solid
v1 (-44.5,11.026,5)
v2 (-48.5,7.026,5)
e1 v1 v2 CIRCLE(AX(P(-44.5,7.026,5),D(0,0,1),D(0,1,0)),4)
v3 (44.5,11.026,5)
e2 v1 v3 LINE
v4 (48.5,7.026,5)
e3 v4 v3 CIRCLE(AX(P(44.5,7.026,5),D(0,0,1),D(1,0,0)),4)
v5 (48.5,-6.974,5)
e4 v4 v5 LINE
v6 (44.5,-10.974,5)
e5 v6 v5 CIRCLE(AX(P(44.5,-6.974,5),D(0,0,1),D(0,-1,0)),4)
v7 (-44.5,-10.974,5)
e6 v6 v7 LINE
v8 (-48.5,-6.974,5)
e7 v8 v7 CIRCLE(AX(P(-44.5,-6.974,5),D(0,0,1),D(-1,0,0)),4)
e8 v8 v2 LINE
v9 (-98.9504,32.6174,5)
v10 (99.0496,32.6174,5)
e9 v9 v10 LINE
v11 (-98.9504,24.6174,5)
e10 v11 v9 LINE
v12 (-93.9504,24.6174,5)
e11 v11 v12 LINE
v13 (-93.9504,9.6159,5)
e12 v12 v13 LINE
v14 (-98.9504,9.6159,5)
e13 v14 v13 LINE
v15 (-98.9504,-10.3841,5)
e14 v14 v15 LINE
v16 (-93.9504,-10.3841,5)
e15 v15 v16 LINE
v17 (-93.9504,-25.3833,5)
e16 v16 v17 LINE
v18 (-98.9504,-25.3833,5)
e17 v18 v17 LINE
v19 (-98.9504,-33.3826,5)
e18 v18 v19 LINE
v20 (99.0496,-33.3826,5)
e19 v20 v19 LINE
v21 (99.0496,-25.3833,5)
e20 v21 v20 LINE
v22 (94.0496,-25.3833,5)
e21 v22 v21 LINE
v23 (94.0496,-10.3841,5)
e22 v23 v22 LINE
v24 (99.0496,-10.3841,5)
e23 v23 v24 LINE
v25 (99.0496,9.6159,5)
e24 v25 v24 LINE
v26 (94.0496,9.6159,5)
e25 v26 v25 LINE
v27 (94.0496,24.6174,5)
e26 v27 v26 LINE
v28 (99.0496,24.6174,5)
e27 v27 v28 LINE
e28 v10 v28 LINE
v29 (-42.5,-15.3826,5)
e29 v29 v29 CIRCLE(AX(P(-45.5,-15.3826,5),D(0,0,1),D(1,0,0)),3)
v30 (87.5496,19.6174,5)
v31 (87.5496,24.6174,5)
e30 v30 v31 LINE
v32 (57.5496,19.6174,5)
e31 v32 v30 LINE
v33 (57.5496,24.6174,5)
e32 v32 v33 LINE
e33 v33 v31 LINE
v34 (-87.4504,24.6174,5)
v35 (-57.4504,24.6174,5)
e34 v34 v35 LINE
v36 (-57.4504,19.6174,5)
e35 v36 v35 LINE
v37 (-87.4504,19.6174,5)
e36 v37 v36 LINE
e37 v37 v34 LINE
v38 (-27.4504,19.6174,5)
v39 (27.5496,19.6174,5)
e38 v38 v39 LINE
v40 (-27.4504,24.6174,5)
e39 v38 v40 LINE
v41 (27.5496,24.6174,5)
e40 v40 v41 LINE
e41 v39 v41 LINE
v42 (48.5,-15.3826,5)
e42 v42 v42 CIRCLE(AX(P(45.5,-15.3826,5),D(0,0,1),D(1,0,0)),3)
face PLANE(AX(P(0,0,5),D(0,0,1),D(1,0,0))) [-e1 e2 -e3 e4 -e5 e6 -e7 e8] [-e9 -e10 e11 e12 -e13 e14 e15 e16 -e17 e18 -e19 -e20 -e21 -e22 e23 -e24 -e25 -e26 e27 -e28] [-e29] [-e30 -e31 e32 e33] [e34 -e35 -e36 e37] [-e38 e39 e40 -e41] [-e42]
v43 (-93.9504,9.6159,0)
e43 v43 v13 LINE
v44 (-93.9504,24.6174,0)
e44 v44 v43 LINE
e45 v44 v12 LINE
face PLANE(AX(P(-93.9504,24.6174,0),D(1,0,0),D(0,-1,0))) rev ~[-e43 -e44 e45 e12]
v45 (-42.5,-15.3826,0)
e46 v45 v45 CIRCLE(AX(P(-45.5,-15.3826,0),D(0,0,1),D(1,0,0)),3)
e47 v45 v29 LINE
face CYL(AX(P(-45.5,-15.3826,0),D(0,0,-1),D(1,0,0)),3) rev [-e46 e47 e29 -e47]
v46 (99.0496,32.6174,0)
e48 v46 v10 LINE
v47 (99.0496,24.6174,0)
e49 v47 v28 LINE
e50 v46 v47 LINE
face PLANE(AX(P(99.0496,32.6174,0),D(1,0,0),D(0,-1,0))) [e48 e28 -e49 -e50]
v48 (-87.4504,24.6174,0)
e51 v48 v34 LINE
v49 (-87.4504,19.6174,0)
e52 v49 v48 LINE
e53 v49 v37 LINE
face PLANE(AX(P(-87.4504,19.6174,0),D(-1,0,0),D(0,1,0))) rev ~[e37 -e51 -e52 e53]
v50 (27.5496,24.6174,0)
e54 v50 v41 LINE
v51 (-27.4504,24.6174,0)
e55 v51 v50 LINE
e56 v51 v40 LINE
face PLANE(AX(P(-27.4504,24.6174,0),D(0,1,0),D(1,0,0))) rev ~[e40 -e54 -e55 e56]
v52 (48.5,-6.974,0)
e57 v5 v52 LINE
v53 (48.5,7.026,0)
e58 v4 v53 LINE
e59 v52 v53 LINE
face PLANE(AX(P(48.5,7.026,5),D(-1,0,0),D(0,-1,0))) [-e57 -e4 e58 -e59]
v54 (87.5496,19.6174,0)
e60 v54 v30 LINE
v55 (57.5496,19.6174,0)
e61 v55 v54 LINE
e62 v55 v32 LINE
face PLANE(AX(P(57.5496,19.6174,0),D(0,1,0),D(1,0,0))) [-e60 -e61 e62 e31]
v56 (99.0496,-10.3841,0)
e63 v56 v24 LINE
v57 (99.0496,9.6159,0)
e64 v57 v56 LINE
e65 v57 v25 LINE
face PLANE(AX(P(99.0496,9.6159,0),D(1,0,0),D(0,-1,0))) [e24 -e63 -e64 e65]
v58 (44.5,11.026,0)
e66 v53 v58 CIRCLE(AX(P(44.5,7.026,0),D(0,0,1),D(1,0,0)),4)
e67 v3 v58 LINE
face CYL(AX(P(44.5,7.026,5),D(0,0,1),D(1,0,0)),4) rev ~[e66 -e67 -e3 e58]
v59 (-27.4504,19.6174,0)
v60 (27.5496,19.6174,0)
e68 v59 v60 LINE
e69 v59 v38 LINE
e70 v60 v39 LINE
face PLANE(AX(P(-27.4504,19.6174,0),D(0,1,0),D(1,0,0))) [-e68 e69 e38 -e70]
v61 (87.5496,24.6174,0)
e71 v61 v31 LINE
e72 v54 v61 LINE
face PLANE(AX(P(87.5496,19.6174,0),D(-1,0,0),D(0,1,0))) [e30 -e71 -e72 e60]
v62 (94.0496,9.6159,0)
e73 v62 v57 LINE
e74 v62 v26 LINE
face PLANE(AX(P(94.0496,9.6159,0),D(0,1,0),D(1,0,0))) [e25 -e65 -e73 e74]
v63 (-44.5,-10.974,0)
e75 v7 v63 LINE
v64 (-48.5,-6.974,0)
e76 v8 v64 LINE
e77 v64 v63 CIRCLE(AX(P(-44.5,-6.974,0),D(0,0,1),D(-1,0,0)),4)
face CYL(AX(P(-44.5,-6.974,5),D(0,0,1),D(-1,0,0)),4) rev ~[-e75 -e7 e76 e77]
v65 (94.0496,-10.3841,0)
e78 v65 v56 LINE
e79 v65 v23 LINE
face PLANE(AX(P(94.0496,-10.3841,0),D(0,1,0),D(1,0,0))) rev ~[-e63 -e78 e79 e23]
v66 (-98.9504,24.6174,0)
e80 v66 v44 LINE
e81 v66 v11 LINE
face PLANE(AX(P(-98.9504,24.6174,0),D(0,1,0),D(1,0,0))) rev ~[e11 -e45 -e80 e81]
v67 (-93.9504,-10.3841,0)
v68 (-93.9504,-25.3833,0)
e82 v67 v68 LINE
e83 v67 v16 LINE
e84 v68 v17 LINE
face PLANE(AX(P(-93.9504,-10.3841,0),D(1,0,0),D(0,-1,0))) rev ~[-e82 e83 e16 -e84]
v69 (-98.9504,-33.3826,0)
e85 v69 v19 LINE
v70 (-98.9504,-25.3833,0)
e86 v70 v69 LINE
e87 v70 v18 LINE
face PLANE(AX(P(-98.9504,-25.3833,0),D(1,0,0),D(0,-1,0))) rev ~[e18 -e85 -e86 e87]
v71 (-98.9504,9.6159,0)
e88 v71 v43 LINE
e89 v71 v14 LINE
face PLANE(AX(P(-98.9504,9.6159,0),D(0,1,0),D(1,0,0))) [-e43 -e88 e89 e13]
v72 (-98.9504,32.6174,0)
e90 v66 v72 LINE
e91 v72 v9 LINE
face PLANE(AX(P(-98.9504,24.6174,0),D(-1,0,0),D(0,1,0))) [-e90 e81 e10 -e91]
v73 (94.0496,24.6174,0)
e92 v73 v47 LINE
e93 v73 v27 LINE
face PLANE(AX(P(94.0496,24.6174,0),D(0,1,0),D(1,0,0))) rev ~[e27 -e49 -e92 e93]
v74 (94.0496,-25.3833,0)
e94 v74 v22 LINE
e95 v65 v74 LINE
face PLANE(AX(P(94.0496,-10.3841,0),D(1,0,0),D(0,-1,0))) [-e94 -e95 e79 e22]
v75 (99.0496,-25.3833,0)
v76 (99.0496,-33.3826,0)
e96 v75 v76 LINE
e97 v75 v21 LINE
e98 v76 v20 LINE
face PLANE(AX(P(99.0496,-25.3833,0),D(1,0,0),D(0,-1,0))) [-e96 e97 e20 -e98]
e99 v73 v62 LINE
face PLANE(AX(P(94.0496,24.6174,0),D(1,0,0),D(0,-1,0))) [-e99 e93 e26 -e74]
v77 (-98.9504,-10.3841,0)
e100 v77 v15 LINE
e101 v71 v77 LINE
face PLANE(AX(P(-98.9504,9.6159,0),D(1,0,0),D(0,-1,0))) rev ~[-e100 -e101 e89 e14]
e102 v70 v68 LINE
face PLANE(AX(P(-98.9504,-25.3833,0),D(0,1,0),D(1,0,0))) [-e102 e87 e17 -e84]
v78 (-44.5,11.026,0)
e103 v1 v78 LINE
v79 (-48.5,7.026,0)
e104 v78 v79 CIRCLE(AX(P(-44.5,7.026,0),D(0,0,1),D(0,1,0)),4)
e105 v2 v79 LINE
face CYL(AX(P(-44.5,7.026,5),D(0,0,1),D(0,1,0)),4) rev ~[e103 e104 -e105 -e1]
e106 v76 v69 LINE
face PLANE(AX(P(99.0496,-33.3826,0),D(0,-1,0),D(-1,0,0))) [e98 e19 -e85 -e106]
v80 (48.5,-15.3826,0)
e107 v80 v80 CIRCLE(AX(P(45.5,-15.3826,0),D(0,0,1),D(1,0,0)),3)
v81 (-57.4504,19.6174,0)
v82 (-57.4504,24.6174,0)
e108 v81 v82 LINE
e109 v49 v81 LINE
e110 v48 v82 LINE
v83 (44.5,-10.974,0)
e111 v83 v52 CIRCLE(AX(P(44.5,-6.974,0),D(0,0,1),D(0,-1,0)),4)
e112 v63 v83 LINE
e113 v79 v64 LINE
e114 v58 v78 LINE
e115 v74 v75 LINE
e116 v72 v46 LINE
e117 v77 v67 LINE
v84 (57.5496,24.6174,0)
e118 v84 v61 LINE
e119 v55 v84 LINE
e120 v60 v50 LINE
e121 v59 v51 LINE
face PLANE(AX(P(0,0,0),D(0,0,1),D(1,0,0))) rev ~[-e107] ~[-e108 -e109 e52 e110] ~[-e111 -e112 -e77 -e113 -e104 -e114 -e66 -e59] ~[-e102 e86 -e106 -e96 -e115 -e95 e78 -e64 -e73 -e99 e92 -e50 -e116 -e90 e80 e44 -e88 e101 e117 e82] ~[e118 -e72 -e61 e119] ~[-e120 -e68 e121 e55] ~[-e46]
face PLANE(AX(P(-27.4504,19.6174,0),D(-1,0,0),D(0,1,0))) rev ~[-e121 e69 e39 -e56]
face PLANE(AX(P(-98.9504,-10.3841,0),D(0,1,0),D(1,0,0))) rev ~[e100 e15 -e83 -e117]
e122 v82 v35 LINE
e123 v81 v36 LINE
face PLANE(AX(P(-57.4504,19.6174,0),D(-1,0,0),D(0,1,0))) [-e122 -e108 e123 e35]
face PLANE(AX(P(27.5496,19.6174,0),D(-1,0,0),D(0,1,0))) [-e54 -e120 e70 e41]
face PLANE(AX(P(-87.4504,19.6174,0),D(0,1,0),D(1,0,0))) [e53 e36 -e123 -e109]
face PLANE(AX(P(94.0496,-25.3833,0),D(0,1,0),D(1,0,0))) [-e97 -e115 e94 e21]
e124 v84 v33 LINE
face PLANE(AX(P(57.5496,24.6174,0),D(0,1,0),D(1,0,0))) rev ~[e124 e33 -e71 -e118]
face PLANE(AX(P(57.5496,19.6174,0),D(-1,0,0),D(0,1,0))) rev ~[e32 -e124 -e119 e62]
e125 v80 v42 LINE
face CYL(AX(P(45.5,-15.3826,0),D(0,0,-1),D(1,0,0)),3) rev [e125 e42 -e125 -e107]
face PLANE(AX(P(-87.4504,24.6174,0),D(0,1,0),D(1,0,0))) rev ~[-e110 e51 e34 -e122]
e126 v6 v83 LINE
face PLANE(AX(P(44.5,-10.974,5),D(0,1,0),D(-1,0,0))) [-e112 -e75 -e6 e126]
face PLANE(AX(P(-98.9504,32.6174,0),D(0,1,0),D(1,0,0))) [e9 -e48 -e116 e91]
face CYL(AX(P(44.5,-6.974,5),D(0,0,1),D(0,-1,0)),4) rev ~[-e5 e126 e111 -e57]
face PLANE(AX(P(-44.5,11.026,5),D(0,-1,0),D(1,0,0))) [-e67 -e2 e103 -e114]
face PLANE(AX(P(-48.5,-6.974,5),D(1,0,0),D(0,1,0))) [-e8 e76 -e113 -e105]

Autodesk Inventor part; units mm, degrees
ref_plane "YZ Plane" through (0, 0, 0) normal (1, 0, 0) x (0, 1, 0)
ref_plane "XZ Plane" through (0, 0, 0) normal (0, 1, 0) x (-1, 0, 0)
ref_plane "XY Plane" through (0, 0, 0) normal (0, 0, 1) x (1, 0, 0)
sketch "Sketch1" plane through (0, 0, 0) normal (0, 0, 1) x (1, 0, 0)
  circle A0 centre (45.5, -15.3826) radius 3
  circle A1 centre (-45.5, -15.3826) radius 3
  line L0 (44.6636, 0.7689) -> (35.6636, 0.7689)
  line L1 (33.6636, 2.7689) -> (33.6636, 5.2689)
  line L2 (46.6636, 5.2689) -> (46.6636, 2.7689)
  line L3 (29.9455, -2.1666) -> (-2.0545, -2.1666)
  line L4 (-4.0545, -0.1666) -> (-4.0545, 2.8334)
  line L5 (31.9455, 2.8334) -> (31.9455, -0.1666)
  circle A2 centre (89.024, -15.4039) radius 1.5
  circle A3 centre (65.024, -15.4039) radius 1.5
  circle A4 centre (89.024, 8.5961) radius 1.5
  circle A5 centre (65.024, 8.5961) radius 1.5
  arc A6 (67.8322, 7.6809) -> (67.8322, -14.4886) centre (77.024, -3.4039) ccw
  line L6 (69.3366, 7.4111) -> (71.8641, 3.0334)
  arc A7 (71.8641, 3.0334) -> (71.8641, -9.8411) centre (77.024, -3.4039) ccw
  line L7 (71.8641, -9.8411) -> (69.3366, -14.2188)
  arc A8 (67.8322, -14.4886) -> (69.3366, -14.2188) centre (68.4705, -13.7188) ccw
  arc A9 (69.3366, 7.4111) -> (67.8322, 7.6809) centre (68.4705, 6.9111) ccw
  arc A10 (91.2195, -0.986) -> (72.0202, 10.0988) centre (77.024, -3.4039) ccw
  arc A11 (72.0202, 10.0988) -> (71.5016, 8.6611) centre (72.3677, 9.1611) ccw
  line L8 (74.0291, 4.2834) -> (71.5016, 8.6611)
  arc A12 (85.1787, -2.1539) -> (74.0291, 4.2834) centre (77.024, -3.4039) ccw
  line L9 (90.2337, -2.1539) -> (85.1787, -2.1539)
  arc A13 (90.2337, -2.1539) -> (91.2195, -0.986) centre (90.2337, -1.1539) ccw
  line L10 (85.1787, -4.6539) -> (90.2337, -4.6539)
  arc A14 (91.2195, -5.8218) -> (90.2337, -4.6539) centre (90.2337, -5.6539) ccw
  arc A15 (72.0202, -16.9065) -> (91.2195, -5.8218) centre (77.024, -3.4039) ccw
  arc A16 (71.5016, -15.4688) -> (72.0202, -16.9065) centre (72.3677, -15.9688) ccw
  line L11 (71.5016, -15.4688) -> (74.0291, -11.0911)
  arc A17 (74.0291, -11.0911) -> (85.1787, -4.6539) centre (77.024, -3.4039) ccw
  circle A18 centre (-64.8953, -15.374) radius 1.5
  circle A19 centre (-88.8953, -15.374) radius 1.5
  circle A20 centre (-88.8953, 8.626) radius 1.5
  circle A21 centre (-64.8953, 8.626) radius 1.5
  arc A22 (-62.6997, -0.956) -> (-81.8991, 10.1287) centre (-76.8953, -3.374) ccw
  arc A23 (-81.8991, 10.1287) -> (-82.4176, 8.691) centre (-81.5516, 9.191) ccw
  line L12 (-79.8901, 4.3133) -> (-82.4176, 8.691)
  line L13 (-84.5827, 7.441) -> (-82.0552, 3.0633)
  arc A24 (-84.5827, 7.441) -> (-86.087, 7.7108) centre (-85.4487, 6.941) ccw
  arc A25 (-86.087, 7.7108) -> (-86.087, -14.4587) centre (-76.8953, -3.374) ccw
  arc A26 (-82.0552, 3.0633) -> (-82.0552, -9.8112) centre (-76.8953, -3.374) ccw
  arc A27 (-68.7405, -2.124) -> (-79.8901, 4.3133) centre (-76.8953, -3.374) ccw
  line L14 (-63.6855, -2.124) -> (-68.7405, -2.124)
  arc A28 (-63.6855, -2.124) -> (-62.6997, -0.956) centre (-63.6855, -1.124) ccw
  line L15 (-68.7405, -4.624) -> (-63.6855, -4.624)
  arc A29 (-62.6997, -5.7919) -> (-63.6855, -4.624) centre (-63.6855, -5.624) ccw
  arc A30 (-81.8991, -16.8766) -> (-62.6997, -5.7919) centre (-76.8953, -3.374) ccw
  arc A31 (-79.8901, -11.0612) -> (-68.7405, -4.624) centre (-76.8953, -3.374) ccw
  line L16 (-82.4176, -15.4389) -> (-79.8901, -11.0612)
  arc A32 (-82.4176, -15.4389) -> (-81.8991, -16.8766) centre (-81.5516, -15.9389) ccw
  line L17 (-82.0552, -9.8112) -> (-84.5827, -14.1889)
  arc A33 (-86.087, -14.4587) -> (-84.5827, -14.1889) centre (-85.4487, -13.6889) ccw
  line L18 (-2.0545, 4.8334) -> (29.9455, 4.8334)
  line L19 (35.6636, 7.2689) -> (44.6636, 7.2689)
  arc A34 (-4.0545, -0.1666) -> (-2.0545, -2.1666) centre (-2.0545, -0.1666) ccw
  arc A35 (-2.0545, 4.8334) -> (-4.0545, 2.8334) centre (-2.0545, 2.8334) ccw
  arc A36 (31.9455, 2.8334) -> (29.9455, 4.8334) centre (29.9455, 2.8334) ccw
  arc A37 (29.9455, -2.1666) -> (31.9455, -0.1666) centre (29.9455, -0.1666) ccw
  arc A38 (33.6636, 2.7689) -> (35.6636, 0.7689) centre (35.6636, 2.7689) ccw
  arc A39 (35.6636, 7.2689) -> (33.6636, 5.2689) centre (35.6636, 5.2689) ccw
  arc A40 (46.6636, 5.2689) -> (44.6636, 7.2689) centre (44.6636, 5.2689) ccw
  arc A41 (44.6636, 0.7689) -> (46.6636, 2.7689) centre (44.6636, 2.7689) ccw
  line L20 (-87.4504, 24.6174) -> (-57.4504, 24.6174)
  line L21 (-87.4504, 19.6174) -> (-87.4504, 24.6174)
  line L22 (-87.4504, 19.6174) -> (-57.4504, 19.6174)
  line L23 (-57.4504, 19.6174) -> (-57.4504, 24.6174)
  line L24 (-27.4504, 19.6174) -> (27.5496, 19.6174)
  line L25 (27.5496, 19.6174) -> (27.5496, 24.6174)
  line L26 (-27.4504, 24.6174) -> (27.5496, 24.6174)
  line L27 (-27.4504, 19.6174) -> (-27.4504, 24.6174)
  line L28 (57.5496, 19.6174) -> (87.5496, 19.6174)
  line L29 (87.5496, 19.6174) -> (87.5496, 24.6174)
  line L30 (57.5496, 24.6174) -> (87.5496, 24.6174)
  line L31 (57.5496, 19.6174) -> (57.5496, 24.6174)
  line L32 (-98.9504, -25.3833) -> (-98.9504, -33.3826)
  line L33 (99.0496, -33.3826) -> (-98.9504, -33.3826)
  line L34 (-98.9504, 24.6174) -> (-93.9504, 24.6174)
  line L35 (-93.9504, 24.6174) -> (-93.9504, 9.6159)
  line L36 (-98.9504, 9.6159) -> (-93.9504, 9.6159)
  line L37 (-98.9504, 9.6159) -> (-98.9504, -10.3841)
  line L38 (-98.9504, -10.3841) -> (-93.9504, -10.3841)
  line L39 (-93.9504, -10.3841) -> (-93.9504, -25.3833)
  line L40 (-98.9504, -25.3833) -> (-93.9504, -25.3833)
  line L41 (99.0496, -25.3833) -> (99.0496, -33.3833)
  line L42 (94.0496, -25.3833) -> (99.0496, -25.3833)
  line L43 (94.0496, -10.3841) -> (94.0496, -25.3833)
  line L44 (94.0496, -10.3841) -> (99.0496, -10.3841)
  line L45 (99.0496, 9.6159) -> (99.0496, -10.3841)
  line L46 (94.0496, 9.6159) -> (99.0496, 9.6159)
  line L47 (94.0496, 24.6174) -> (94.0496, 9.6159)
  line L48 (94.0496, 24.6174) -> (99.0496, 24.6174)
  line L49 (-98.9504, 24.6174) -> (-98.9504, 32.6174)
  line L50 (-98.9504, 32.6174) -> (99.0496, 32.6174)
  line L51 (99.0496, 32.6174) -> (99.0496, 24.6174)
  line L52 (-22.6436, -2.2792) -> (-22.6436, -8.2792)
  line L53 (-35.6436, -0.2792) -> (-24.6436, -0.2792)
  line L54 (-24.6436, -10.2792) -> (-35.6436, -10.2792)
  line L55 (-37.6436, -8.2792) -> (-37.6436, -2.2792)
  arc A42 (-35.6436, -0.2792) -> (-37.6436, -2.2792) centre (-35.6436, -2.2792) ccw
  arc A43 (-22.6436, -2.2792) -> (-24.6436, -0.2792) centre (-24.6436, -2.2792) ccw
  arc A44 (-24.6436, -10.2792) -> (-22.6436, -8.2792) centre (-24.6436, -8.2792) ccw
  arc A45 (-37.6436, -8.2792) -> (-35.6436, -10.2792) centre (-35.6436, -8.2792) ccw
  line L56 (-5.5869, 3.8805) -> (-5.5869, -1.877)
  line L57 (-7.5869, -3.877) -> (-13.5192, -3.877)
  line L58 (-15.5192, -1.877) -> (-15.5192, 3.8805)
  line L59 (-13.5192, 5.8805) -> (-7.5869, 5.8805)
  arc A46 (-13.5192, 5.8805) -> (-15.5192, 3.8805) centre (-13.5192, 3.8805) ccw
  arc A47 (-15.5192, -1.877) -> (-13.5192, -3.877) centre (-13.5192, -1.877) ccw
  arc A48 (-5.5869, 3.8805) -> (-7.5869, 5.8805) centre (-7.5869, 3.8805) ccw
  arc A49 (-7.5869, -3.877) -> (-5.5869, -1.877) centre (-7.5869, -1.877) ccw
  point P0 (-90.9348, -30.6649)
  point P1 (27.5, 24.6174)
  point P2 (0, 0)
  point P3 (-22.6436, -0.2792)
  point P4 (-22.6436, -10.2792)
  point P5 (-37.6436, -0.2792)
  point P6 (-37.6436, -10.2792)
  point P7 (-2.0545, 2.8334)
  dimension "d22" = 91
  dimension "d27" = 7
  dimension "d28" = 36
  dimension "d29" = 13
  dimension "d30" = 6.5
  dimension "d35" = 18
  dimension "d36" = 18
  dimension "d37" = 66
  dimension "d38" = 45.5
  dimension "d39" = 6
  dimension "d40" = 6
  dimension "d41" = 198
extrude "Extrusion1" add sketch "Sketch1" along normal blind 5
sketch "Sketch2" plane through (0, 0, 5) normal (0, 0, 1) x (1, 0, 0)
  line L0 (-44.5, 11.026) -> (44.5, 11.026)
  line L1 (48.5, 7.026) -> (48.5, -6.974)
  line L2 (44.5, -10.974) -> (-44.5, -10.974)
  line L3 (-48.5, -6.974) -> (-48.5, 7.026)
  arc A0 (-44.5, 11.026) -> (-48.5, 7.026) centre (-44.5, 7.026) ccw
  arc A1 (48.5, 7.026) -> (44.5, 11.026) centre (44.5, 7.026) ccw
  arc A2 (44.5, -10.974) -> (48.5, -6.974) centre (44.5, -6.974) ccw
  arc A3 (-48.5, -6.974) -> (-44.5, -10.974) centre (-44.5, -6.974) ccw
  line L4 (99.0496, -10.3841) -> (99.0496, 9.6159) projected
  line L5 (-98.9504, -33.3826) -> (99.0496, -33.3826) projected
  circle A4 centre (-45.5, -15.3826) radius 3 projected
  circle A5 centre (45.5, -15.3826) radius 3 projected
  arc A6 (-62.6997, -0.956) -> (-81.8991, 10.1287) centre (-76.8953, -3.374) ccw projected
  point P0 (0, 0)
  point P1 (-76.8953, -3.374)
  dimension "d48" = 4
  dimension "d58" = 97
  dimension "d59" = 22
  dimension "d60" = 50.5496
  dimension "d61" = 22.4087
extrude "Extrusion2" cut sketch "Sketch2" against normal up to next contours L0 A1 L1 A2 L2 A3 L3 A0
sketch "Sketch3" plane through (0, 0, 5) normal (0, 0, 1) x (1, 0, 0)
  line L0 (-92.421, 12.1859) -> (-62.2986, 12.1859)
  line L1 (-62.2986, 12.1859) -> (-62.2986, -19.0319)
  line L2 (-62.2986, -19.0319) -> (-92.421, -19.0319)
  line L3 (-92.421, -19.0319) -> (-92.421, 12.1859)
  line L4 (-92.421, 12.1859) -> (-62.2986, -19.0319) construction
  line L5 (-62.2986, 12.1859) -> (-92.421, -19.0319) construction
  line L6 (62.2986, 11.0377) -> (92.6949, 11.0377)
  line L7 (92.6949, 11.0377) -> (92.6949, -17.8837)
  line L8 (92.6949, -17.8837) -> (62.2986, -17.8837)
  line L9 (62.2986, -17.8837) -> (62.2986, 11.0377)
  line L10 (62.2986, 11.0377) -> (92.6949, -17.8837) construction
  line L11 (92.6949, 11.0377) -> (62.2986, -17.8837) construction
  point P0 (0, 0)
  point P1 (-77.3598, -3.423)
  point P2 (77.4968, -3.423)
extrude "Extrusion3" add sketch "Sketch3" against normal blind 5
sketch "Sketch4" plane through (0, 0, 5) normal (0, 0, 1) x (1, 0, 0)
  arc A0 (44.5, -10.974) -> (48.5, -6.974) centre (44.5, -6.974) ccw
  line L0 (44.5, -10.974) -> (-44.5, -10.974)
  arc A1 (-48.5, -6.974) -> (-44.5, -10.974) centre (-44.5, -6.974) ccw
  line L1 (-48.5, -6.974) -> (-48.5, 7.026)
  arc A2 (-44.5, 11.026) -> (-48.5, 7.026) centre (-44.5, 7.026) ccw
  line L2 (-44.5, 11.026) -> (44.5, 11.026)
  arc A3 (48.5, 7.026) -> (44.5, 11.026) centre (44.5, 7.026) ccw
  line L3 (48.5, 7.026) -> (48.5, -6.974)
  line L4 (-98.9504, -33.3826) -> (99.0496, -33.3826)
  line L5 (99.0496, -33.3826) -> (99.0496, -25.3833)
  line L6 (99.0496, -25.3833) -> (94.0496, -25.3833)
  line L7 (94.0496, -25.3833) -> (94.0496, -10.3841)
  line L8 (94.0496, -10.3841) -> (99.0496, -10.3841)
  line L9 (99.0496, -10.3841) -> (99.0496, 9.6159)
  line L10 (99.0496, 9.6159) -> (94.0496, 9.6159)
  line L11 (94.0496, 9.6159) -> (94.0496, 24.6174)
  line L12 (94.0496, 24.6174) -> (99.0496, 24.6174)
  line L13 (99.0496, 24.6174) -> (99.0496, 32.6174)
  line L14 (99.0496, 32.6174) -> (-98.9504, 32.6174)
  line L15 (-98.9504, 32.6174) -> (-98.9504, 24.6174)
  line L16 (-98.9504, 24.6174) -> (-93.9504, 24.6174)
  line L17 (-93.9504, 24.6174) -> (-93.9504, 9.6159)
  line L18 (-93.9504, 9.6159) -> (-98.9504, 9.6159)
  line L19 (-98.9504, 9.6159) -> (-98.9504, -10.3841)
  line L20 (-98.9504, -10.3841) -> (-93.9504, -10.3841)
  line L21 (-93.9504, -10.3841) -> (-93.9504, -25.3833)
  line L22 (-93.9504, -25.3833) -> (-98.9504, -25.3833)
  line L23 (-98.9504, -25.3833) -> (-98.9504, -33.3826)
  circle A4 centre (45.5, -15.3826) radius 3
  circle A5 centre (-45.5, -15.3826) radius 3
  line L24 (57.5496, 24.6174) -> (87.5496, 24.6174)
  line L25 (87.5496, 24.6174) -> (87.5496, 19.6174)
  line L26 (87.5496, 19.6174) -> (57.5496, 19.6174)
  line L27 (57.5496, 19.6174) -> (57.5496, 24.6174)
  line L28 (-27.4504, 24.6174) -> (27.5496, 24.6174)
  line L29 (27.5496, 24.6174) -> (27.5496, 19.6174)
  line L30 (27.5496, 19.6174) -> (-27.4504, 19.6174)
  line L31 (-27.4504, 19.6174) -> (-27.4504, 24.6174)
  line L32 (-87.4504, 19.6174) -> (-87.4504, 24.6174)
  line L33 (-87.4504, 24.6174) -> (-57.4504, 24.6174)
  line L34 (-57.4504, 24.6174) -> (-57.4504, 19.6174)
  line L35 (-57.4504, 19.6174) -> (-87.4504, 19.6174)
  point P0 (0, 0)
properties part number "case bottom back" material "Titanium"
